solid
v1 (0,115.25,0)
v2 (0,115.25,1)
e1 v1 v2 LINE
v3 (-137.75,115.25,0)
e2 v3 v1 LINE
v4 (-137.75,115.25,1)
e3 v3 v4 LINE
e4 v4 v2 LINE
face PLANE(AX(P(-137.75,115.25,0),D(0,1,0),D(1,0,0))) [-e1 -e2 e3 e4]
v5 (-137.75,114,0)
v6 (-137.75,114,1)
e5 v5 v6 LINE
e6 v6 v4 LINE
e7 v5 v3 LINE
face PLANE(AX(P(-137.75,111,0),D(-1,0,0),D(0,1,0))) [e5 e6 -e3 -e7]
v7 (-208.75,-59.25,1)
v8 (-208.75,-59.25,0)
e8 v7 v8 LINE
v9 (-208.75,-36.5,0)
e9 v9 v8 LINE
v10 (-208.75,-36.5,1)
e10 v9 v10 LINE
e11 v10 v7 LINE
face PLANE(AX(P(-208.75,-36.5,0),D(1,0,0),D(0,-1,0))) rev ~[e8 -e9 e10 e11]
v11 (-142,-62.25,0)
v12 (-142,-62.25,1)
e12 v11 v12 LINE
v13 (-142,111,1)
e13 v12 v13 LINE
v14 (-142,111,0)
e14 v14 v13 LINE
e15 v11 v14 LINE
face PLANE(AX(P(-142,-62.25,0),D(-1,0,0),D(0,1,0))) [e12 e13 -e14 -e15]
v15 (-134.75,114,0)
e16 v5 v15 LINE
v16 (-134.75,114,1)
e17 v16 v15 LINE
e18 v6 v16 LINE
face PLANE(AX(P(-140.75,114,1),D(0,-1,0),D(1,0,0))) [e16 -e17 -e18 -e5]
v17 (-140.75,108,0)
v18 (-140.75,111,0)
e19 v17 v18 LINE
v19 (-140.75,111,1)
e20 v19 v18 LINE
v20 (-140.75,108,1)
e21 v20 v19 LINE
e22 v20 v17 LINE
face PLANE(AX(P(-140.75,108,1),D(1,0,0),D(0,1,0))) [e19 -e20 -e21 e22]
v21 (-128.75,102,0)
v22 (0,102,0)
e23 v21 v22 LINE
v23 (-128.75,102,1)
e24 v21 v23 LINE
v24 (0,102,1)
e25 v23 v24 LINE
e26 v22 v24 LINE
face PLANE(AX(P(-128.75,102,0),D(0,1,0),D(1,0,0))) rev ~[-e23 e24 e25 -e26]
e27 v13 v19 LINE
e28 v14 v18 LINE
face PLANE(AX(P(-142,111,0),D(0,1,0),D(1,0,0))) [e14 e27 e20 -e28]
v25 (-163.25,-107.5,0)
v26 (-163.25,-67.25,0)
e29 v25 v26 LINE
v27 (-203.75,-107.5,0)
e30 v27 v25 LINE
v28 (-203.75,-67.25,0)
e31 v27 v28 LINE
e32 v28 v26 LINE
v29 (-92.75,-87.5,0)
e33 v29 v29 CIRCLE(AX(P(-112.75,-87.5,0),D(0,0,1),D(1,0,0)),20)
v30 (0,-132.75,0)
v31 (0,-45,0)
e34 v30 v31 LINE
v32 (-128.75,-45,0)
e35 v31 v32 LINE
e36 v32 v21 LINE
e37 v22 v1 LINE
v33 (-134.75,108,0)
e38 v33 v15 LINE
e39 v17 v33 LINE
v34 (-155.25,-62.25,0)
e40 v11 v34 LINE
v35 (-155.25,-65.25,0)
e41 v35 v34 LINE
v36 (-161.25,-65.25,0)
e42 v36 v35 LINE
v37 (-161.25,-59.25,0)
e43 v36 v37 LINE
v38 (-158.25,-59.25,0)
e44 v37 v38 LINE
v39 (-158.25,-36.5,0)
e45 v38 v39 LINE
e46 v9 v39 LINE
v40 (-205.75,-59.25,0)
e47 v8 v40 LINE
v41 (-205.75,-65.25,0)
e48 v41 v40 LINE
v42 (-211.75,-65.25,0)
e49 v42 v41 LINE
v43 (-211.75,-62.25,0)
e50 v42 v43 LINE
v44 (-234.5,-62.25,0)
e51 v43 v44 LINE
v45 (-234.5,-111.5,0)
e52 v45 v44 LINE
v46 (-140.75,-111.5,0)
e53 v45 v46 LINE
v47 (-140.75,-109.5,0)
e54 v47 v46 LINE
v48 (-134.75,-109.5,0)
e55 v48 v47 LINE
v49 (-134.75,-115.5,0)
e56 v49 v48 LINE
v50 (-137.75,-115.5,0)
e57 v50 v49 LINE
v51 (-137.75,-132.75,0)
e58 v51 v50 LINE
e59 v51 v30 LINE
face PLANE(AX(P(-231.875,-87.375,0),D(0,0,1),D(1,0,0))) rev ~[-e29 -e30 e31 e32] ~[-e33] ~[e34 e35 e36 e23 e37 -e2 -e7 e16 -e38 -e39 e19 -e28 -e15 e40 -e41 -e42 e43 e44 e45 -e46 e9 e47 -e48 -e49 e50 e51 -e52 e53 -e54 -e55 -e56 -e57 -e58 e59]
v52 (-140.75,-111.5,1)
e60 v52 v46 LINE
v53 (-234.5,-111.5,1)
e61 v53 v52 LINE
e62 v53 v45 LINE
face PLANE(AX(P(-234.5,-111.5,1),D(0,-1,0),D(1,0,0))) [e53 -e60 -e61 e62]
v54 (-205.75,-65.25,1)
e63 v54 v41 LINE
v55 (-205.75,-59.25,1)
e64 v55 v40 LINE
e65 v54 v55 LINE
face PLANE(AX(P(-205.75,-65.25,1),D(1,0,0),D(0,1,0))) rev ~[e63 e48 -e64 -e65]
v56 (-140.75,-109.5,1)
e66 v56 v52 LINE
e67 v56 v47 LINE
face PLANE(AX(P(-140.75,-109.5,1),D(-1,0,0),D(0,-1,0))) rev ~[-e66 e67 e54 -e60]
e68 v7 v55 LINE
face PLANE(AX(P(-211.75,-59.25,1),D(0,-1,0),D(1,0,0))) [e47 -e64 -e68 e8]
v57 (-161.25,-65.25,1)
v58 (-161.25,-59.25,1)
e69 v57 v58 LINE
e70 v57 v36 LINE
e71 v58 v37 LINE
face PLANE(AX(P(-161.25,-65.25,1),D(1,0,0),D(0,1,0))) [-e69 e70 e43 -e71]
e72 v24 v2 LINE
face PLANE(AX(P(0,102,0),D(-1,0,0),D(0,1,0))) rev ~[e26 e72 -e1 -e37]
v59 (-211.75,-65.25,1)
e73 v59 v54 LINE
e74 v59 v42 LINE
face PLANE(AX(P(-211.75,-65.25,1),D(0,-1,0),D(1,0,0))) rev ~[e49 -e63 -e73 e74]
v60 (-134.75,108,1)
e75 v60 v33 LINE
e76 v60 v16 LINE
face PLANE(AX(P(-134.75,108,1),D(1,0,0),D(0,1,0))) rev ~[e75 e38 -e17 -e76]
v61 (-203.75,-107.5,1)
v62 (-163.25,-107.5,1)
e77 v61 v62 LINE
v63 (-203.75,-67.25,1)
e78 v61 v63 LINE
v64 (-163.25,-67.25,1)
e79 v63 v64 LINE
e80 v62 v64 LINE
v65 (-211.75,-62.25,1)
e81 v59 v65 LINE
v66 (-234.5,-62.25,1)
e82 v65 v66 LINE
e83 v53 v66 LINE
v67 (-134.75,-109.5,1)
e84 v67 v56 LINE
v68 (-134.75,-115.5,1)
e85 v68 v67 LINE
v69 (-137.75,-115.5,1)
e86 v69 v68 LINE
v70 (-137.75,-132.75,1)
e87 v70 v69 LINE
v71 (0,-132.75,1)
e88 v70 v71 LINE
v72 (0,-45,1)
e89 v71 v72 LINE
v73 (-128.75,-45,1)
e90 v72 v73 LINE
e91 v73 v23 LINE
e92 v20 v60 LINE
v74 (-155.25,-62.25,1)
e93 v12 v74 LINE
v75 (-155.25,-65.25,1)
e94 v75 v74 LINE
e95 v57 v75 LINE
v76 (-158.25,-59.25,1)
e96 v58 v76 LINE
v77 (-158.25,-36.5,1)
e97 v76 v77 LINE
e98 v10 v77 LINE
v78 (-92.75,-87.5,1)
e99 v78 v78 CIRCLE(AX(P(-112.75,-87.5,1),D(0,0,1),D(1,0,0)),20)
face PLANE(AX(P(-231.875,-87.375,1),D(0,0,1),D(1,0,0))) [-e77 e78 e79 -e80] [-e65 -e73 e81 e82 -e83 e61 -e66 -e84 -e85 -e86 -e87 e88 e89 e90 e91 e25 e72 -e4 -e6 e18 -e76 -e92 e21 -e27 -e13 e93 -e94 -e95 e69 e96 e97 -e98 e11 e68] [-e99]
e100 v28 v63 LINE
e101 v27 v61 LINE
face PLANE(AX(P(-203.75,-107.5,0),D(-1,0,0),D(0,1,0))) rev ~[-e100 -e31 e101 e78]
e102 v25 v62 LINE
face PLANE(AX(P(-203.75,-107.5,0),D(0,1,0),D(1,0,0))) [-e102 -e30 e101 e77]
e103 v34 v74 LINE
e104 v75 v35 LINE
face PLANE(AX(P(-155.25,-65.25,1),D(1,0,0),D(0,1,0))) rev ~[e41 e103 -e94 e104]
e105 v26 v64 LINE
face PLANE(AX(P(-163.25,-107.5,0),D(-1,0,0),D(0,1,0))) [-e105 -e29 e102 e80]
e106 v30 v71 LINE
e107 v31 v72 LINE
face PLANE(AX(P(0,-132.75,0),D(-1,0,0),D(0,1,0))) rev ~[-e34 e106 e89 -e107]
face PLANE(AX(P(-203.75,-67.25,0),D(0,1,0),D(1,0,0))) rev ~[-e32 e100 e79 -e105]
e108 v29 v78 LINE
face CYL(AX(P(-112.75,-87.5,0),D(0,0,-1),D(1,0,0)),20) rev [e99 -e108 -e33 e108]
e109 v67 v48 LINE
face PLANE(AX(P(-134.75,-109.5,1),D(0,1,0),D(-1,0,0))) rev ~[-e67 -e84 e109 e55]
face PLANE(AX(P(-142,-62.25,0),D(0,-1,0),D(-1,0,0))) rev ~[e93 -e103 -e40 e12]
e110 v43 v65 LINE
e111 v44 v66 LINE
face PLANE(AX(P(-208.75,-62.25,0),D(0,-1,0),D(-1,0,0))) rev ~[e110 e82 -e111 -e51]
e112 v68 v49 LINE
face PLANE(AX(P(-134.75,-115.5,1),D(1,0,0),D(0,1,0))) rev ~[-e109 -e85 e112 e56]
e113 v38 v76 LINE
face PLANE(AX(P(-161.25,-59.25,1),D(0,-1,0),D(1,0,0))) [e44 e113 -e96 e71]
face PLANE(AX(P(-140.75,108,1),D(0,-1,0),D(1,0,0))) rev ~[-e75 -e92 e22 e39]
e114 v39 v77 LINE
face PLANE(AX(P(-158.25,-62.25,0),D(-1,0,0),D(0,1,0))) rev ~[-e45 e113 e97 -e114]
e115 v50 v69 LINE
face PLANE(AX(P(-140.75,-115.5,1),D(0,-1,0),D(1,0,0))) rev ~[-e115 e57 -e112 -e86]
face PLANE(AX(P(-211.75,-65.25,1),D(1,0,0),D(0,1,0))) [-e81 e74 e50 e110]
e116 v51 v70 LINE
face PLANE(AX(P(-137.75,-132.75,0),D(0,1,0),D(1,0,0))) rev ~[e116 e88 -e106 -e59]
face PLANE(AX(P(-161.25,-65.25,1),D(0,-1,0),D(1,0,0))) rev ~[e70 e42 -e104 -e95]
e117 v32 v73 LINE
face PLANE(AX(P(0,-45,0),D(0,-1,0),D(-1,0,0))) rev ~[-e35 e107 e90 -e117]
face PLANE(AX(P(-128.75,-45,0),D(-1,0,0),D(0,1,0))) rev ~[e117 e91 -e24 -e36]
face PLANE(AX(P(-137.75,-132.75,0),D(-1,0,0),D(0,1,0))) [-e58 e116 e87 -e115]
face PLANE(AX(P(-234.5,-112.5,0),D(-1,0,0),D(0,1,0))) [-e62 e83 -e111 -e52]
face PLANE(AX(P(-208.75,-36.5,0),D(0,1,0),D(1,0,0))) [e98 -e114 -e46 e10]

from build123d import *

# Parameters (mm, degrees)
F0_W     = 5.25
F0_H     = 50.25
F0_W_2   = 137.75
F0_H_2   = 20.25
F0_W_3   = 50.5
F0_H_3   = 5.25
F0_H_4   = 4.25
F0_W_4   = 20.5
F0_H_5   = 20.5
F0_W_5   = 4.25
F0_H_6   = 173.25
F0_W_6   = 40.5
F0_H_7   = 40.25
F0_R     = 20
F1_DEPTH = 1
F2_W     = 3
F2_H     = 1
F2_W_2   = 93.75
F2_W_3   = 6
F2_H_2   = 6
F3_DEPTH = 25


with BuildPart() as f1:
    # F0 (on Top) → F1 (new body)
    with BuildSketch(Plane.XY):
        with Locations((-231.875, -87.375)):
            Rectangle(F0_W, F0_H)
        with Locations((-68.875, -122.625)):
            Rectangle(F0_W_2, F0_H_2)
        with Locations((-183.5, -39.125)):
            Rectangle(F0_W_3, F0_H_3)
        with Locations((-68.875, 113.125)):
            Rectangle(F0_W_2, F0_H_4)
        with Locations((-219, -87.375)):
            Rectangle(F0_W_4, F0_H)
        with Locations((-183.5, -52)):
            Rectangle(F0_W_3, F0_H_5)
        with Locations((-139.875, 24.375)):
            Rectangle(F0_W_5, F0_H_6)
        Polygon((-137.75, -112.5), (-137.75, -62.25), (-142, -62.25), (-158.25, -62.25), (-158.25, -112.5), align=None)
        with Locations((-183.5, -87.375)):
            Rectangle(F0_W_3, F0_H)
        with Locations((-183.5, -87.375)):
            Rectangle(F0_W_6, F0_H_7, mode=Mode.SUBTRACT)
        Polygon((0, 102), (0, 111), (-137.75, 111), (-137.75, -62.25), (-137.75, -112.5), (0, -112.5), (0, -45), (-128.75, -45), (-128.75, 102), align=None)
        with Locations((-112.75, -87.5)):
            Circle(F0_R, mode=Mode.SUBTRACT)
    extrude(amount=F1_DEPTH)

    # F2 (on face) → F3 (cut)
    with BuildSketch(Plane.XY.offset(1)):
        Polygon((-134.75, -115.5), (-134.75, -109.5), (-140.75, -109.5), (-140.75, -111.5), (-137.75, -111.5), (-137.75, -112.5), (-140.75, -112.5), (-140.75, -115.5), align=None)
        with Locations((-139.25, -112)):
            Rectangle(F2_W, F2_H)
        with Locations((-187.625, -112)):
            Rectangle(F2_W_2, F2_H)
        with Locations((-158.25, -62.25)):
            Rectangle(F2_W_3, F2_H_2)
        with Locations((-208.75, -62.25)):
            Rectangle(F2_W_3, F2_H_2)
        with Locations((-137.75, 111)):
            Rectangle(F2_W_3, F2_H_2)
    extrude(amount=-F3_DEPTH, mode=Mode.SUBTRACT)


solid = f1.part
